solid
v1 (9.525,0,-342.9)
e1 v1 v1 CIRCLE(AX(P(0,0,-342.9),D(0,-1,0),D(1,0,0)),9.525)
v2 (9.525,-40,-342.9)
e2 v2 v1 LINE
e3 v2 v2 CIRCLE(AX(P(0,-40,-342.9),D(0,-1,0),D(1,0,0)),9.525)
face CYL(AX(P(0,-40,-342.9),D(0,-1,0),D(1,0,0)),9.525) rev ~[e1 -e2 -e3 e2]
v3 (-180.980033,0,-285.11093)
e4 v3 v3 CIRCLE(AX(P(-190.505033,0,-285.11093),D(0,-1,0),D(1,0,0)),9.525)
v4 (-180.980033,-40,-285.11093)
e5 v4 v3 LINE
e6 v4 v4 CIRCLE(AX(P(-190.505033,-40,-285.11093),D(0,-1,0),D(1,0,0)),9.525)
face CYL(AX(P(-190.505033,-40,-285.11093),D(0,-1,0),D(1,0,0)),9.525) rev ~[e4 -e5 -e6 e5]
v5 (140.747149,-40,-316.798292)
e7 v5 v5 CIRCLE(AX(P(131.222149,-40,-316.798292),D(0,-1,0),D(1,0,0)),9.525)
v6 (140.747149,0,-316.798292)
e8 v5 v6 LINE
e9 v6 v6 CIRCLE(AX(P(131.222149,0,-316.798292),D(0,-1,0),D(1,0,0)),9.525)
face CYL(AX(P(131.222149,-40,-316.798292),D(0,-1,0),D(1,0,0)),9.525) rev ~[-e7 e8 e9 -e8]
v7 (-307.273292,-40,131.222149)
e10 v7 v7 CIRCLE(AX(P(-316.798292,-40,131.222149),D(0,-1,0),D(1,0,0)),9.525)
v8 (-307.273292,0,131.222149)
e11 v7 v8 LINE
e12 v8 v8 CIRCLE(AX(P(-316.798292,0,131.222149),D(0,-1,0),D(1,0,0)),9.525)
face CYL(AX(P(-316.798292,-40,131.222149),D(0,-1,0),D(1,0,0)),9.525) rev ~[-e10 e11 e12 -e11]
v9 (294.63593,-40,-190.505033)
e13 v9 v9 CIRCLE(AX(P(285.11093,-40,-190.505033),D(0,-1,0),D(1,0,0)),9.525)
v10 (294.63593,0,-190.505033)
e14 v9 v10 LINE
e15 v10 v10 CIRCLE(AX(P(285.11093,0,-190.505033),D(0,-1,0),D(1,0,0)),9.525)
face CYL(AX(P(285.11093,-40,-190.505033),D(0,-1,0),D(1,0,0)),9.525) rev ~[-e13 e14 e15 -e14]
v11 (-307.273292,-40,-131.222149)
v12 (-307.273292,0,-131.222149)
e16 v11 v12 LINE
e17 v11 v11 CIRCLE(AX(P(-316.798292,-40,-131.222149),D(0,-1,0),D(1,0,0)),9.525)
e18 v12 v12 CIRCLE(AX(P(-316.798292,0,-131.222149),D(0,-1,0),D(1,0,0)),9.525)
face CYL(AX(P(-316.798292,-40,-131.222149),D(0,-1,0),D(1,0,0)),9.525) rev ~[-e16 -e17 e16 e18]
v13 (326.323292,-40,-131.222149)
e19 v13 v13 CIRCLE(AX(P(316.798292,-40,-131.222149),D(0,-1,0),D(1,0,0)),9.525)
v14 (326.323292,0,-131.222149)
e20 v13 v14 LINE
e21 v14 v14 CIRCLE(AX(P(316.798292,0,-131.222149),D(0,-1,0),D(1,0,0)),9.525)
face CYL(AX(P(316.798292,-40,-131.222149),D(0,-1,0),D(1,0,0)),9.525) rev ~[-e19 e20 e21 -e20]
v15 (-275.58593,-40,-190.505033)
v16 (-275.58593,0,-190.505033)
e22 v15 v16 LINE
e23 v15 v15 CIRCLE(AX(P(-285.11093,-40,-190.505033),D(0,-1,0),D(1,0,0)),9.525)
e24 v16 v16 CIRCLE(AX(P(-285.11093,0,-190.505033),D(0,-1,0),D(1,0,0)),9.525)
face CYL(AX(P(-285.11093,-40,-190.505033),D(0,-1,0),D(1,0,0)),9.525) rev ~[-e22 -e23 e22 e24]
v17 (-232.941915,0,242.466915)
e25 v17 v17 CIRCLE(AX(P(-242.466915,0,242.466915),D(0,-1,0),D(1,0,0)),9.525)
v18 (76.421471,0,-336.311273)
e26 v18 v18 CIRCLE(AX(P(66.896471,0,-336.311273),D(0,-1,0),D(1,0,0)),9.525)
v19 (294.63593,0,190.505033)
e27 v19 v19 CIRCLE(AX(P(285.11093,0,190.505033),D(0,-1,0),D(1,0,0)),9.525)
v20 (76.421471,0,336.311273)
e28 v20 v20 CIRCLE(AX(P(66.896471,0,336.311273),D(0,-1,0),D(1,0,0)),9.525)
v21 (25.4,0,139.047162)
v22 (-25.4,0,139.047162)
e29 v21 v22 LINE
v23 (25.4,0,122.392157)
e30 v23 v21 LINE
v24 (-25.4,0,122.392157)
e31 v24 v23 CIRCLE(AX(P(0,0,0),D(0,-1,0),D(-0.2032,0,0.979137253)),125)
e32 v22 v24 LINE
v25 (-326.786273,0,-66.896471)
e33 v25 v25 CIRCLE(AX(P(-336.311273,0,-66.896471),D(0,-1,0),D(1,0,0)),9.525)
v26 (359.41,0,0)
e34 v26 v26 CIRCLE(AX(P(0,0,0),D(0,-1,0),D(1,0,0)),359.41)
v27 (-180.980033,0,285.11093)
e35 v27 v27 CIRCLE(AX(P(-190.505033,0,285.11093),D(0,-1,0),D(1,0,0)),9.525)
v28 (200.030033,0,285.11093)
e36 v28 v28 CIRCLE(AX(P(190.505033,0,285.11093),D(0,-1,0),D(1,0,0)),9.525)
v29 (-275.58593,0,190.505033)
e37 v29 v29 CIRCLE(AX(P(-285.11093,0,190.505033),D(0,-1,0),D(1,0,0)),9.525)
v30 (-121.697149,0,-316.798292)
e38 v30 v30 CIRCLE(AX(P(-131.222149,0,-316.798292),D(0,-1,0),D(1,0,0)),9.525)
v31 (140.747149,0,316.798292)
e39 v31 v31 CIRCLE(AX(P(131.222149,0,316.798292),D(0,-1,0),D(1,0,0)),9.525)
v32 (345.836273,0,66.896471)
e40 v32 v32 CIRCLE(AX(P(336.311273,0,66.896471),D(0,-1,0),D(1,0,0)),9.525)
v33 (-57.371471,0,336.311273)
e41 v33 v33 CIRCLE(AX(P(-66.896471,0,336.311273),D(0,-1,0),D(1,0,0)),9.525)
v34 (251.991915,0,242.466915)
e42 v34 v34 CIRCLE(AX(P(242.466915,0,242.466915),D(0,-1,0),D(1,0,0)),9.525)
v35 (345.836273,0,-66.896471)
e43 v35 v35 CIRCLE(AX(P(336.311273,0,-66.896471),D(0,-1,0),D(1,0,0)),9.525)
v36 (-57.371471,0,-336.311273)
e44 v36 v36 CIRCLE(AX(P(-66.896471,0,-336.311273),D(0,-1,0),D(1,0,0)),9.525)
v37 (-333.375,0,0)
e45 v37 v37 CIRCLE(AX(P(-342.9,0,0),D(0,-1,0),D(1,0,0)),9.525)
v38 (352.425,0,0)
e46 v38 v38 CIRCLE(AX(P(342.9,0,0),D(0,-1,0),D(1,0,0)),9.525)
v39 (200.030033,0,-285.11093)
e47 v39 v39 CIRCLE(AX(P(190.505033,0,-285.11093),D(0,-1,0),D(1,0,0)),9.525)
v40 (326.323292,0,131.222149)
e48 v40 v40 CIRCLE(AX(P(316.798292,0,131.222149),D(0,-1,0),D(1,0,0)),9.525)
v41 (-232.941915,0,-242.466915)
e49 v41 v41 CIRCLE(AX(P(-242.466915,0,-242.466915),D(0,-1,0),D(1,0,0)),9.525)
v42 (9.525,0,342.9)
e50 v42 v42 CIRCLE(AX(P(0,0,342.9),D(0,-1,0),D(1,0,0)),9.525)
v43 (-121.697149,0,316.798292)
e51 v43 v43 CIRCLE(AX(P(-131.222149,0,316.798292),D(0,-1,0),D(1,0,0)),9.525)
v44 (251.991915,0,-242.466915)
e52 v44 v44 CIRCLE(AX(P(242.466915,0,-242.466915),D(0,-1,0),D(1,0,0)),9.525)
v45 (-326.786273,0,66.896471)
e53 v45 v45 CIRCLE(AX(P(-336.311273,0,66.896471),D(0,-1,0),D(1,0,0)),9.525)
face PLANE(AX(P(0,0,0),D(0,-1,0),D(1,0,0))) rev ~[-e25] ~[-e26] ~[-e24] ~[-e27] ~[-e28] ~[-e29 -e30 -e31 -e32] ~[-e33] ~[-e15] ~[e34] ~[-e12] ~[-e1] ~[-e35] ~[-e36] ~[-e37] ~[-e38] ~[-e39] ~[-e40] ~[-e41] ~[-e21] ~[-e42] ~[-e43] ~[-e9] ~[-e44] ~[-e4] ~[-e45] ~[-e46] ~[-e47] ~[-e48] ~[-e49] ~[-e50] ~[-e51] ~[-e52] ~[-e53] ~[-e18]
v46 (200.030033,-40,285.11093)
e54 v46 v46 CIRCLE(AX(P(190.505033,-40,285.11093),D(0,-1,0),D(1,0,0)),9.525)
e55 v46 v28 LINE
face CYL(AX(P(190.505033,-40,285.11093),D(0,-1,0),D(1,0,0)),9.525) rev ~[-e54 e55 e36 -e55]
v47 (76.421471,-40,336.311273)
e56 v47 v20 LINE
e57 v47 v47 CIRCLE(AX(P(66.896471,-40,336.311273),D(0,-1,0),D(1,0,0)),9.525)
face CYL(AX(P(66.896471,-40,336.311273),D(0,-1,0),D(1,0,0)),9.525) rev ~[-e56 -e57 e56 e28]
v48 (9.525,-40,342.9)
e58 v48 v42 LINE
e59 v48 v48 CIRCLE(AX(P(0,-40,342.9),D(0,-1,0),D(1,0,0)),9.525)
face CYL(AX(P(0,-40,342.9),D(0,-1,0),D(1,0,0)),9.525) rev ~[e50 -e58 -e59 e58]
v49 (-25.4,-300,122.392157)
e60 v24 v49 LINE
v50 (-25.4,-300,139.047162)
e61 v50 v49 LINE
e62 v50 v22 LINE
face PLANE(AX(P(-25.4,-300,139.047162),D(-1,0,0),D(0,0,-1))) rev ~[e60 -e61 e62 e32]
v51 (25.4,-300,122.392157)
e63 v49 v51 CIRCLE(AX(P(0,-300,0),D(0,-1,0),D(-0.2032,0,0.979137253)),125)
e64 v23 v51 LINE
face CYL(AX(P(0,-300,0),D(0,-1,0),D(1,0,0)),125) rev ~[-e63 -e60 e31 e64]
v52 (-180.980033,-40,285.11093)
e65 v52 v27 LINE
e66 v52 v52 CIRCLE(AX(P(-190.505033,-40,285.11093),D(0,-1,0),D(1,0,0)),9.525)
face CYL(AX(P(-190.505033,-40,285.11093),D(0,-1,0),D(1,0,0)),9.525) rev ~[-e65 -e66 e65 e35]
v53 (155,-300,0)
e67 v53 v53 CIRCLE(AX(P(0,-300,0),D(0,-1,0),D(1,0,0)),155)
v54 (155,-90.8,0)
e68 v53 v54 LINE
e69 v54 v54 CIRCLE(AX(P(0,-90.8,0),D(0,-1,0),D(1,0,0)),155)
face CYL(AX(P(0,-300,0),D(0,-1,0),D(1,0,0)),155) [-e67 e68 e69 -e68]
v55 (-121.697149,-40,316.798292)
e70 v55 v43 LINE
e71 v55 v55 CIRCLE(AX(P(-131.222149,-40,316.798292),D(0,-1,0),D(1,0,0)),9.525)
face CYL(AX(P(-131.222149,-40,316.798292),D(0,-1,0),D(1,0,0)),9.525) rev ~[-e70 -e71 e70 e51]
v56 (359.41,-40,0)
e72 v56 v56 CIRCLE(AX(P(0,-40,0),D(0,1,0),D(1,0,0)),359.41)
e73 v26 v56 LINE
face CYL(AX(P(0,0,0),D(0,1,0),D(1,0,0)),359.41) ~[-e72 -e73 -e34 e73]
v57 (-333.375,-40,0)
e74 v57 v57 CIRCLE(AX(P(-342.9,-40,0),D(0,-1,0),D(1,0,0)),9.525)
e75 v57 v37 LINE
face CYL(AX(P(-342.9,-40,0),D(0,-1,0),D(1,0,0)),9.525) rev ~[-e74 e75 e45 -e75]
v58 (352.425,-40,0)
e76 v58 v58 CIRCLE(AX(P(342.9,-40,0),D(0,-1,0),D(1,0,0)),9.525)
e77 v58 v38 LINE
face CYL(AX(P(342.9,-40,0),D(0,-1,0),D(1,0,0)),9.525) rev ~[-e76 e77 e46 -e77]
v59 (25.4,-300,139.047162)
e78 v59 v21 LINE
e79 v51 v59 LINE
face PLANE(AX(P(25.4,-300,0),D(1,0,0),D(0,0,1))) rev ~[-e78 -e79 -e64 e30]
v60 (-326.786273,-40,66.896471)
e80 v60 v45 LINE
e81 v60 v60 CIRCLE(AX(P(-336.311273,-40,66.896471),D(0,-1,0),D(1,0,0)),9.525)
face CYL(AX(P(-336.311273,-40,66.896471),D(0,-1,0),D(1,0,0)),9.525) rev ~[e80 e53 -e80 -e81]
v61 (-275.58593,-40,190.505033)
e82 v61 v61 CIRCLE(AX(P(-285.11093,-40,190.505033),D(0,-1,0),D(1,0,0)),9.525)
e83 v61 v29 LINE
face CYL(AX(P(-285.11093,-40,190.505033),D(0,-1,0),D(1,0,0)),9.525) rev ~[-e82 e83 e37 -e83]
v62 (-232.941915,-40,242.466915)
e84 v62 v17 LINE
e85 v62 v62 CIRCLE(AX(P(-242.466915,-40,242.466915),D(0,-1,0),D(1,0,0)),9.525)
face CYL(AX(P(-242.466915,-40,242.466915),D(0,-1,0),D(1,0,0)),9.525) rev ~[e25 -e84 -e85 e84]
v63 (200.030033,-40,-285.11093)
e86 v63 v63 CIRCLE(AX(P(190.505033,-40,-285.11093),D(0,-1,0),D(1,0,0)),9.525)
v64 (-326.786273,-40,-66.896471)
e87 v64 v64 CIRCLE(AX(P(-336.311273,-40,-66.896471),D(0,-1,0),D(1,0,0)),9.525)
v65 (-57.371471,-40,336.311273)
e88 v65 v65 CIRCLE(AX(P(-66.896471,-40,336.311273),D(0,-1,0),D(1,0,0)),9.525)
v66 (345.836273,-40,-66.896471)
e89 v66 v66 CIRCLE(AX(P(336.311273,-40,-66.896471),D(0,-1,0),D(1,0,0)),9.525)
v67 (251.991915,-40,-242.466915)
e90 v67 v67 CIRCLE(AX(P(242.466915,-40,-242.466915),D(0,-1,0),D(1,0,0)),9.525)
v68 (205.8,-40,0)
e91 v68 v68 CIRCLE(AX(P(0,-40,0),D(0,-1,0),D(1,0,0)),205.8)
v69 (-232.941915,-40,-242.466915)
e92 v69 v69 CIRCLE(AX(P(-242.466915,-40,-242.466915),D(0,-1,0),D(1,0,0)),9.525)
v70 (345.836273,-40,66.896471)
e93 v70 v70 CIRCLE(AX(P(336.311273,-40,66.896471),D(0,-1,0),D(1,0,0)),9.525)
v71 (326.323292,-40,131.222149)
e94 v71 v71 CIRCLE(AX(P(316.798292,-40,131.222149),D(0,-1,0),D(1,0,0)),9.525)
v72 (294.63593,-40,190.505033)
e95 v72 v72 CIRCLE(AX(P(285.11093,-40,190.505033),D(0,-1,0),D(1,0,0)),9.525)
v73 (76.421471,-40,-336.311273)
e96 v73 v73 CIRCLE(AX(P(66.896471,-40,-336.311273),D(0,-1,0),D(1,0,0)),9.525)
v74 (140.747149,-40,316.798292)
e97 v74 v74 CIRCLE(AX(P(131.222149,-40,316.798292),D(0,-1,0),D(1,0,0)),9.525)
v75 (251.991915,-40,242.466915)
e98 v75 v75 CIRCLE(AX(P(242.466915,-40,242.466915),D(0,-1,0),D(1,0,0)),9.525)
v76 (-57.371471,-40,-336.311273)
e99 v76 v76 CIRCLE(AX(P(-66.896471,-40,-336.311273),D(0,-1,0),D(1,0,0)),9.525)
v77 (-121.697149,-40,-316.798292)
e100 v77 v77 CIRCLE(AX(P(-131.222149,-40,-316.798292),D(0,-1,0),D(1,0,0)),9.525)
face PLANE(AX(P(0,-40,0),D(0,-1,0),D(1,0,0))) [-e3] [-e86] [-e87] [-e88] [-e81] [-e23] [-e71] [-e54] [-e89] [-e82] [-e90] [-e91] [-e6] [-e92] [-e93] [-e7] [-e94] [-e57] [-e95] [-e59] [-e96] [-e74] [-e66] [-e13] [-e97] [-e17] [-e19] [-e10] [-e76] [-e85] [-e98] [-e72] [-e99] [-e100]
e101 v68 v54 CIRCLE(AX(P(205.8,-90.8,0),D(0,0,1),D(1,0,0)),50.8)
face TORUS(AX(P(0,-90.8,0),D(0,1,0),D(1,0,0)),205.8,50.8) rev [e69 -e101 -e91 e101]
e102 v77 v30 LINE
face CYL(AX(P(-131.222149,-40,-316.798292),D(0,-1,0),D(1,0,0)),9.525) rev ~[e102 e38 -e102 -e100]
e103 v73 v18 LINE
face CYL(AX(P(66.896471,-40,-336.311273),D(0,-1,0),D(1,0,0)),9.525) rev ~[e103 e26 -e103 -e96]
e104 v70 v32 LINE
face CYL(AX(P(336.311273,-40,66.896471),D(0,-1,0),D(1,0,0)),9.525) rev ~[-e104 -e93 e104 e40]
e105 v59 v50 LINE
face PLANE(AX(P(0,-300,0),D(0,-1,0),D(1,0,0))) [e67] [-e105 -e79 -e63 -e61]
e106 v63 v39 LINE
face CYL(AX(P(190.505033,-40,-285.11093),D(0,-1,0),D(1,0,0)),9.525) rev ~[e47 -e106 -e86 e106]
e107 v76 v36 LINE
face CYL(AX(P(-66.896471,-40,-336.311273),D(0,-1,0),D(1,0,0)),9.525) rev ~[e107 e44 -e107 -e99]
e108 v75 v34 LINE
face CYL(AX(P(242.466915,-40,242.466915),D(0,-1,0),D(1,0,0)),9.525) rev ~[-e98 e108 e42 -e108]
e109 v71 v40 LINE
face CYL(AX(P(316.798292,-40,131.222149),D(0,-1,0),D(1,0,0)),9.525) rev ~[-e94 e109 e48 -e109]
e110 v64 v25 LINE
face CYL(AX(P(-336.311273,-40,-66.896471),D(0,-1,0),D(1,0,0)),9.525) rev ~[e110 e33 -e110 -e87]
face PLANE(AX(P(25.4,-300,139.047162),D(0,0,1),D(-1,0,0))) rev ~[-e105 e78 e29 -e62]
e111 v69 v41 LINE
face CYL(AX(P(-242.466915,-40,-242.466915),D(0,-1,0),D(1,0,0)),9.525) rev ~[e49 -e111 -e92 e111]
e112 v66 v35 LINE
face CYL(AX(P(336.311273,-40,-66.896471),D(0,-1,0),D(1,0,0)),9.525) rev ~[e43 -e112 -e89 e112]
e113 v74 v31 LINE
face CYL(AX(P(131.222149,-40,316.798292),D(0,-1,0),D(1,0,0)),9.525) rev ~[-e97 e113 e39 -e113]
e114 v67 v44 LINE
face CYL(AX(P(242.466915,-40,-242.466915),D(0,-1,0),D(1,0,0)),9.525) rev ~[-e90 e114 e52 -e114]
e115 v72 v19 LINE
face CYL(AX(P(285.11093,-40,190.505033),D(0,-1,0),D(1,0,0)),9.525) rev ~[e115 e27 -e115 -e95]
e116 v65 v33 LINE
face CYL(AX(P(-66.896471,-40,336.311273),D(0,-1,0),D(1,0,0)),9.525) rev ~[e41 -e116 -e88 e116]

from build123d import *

# Parameters (mm, degrees)
F0_R      = 359.41
F1_DEPTH  = 300
F2_R      = 504.3357911894
F2_R_2    = 155
F3_DEPTH  = 260
F4_R      = 50.8
F5_R      = 125
F6_DEPTH  = 708.66
F7_R      = 9.525
F8_DEPTH  = 109.22
F10_DEPTH = 340.868


with BuildPart() as f1:
    # F0 (on Front) → F1 (new body)
    with BuildSketch(Plane.XZ):
        Circle(F0_R)
    extrude(amount=F1_DEPTH)

    # F2 (on face) → F3 (cut)
    with BuildSketch(Plane.XZ.offset(300)):
        Circle(F2_R)
        Circle(F2_R_2, mode=Mode.SUBTRACT)
    extrude(amount=-F3_DEPTH, mode=Mode.SUBTRACT)

    # F4
    f4_edges = [f1.edges().sort_by_distance(p)[0] for p in [
        (-155, -40, 0),
    ]]
    fillet(f4_edges, radius=F4_R)

    # F5 (on face) → F6 (cut)
    with BuildSketch(Plane.XZ.offset(300)):
        Circle(F5_R)
    extrude(amount=-F6_DEPTH, mode=Mode.SUBTRACT)

    # F7 (on face) → F8 (cut)
    with BuildSketch(Plane.XZ.offset(40)):
        with Locations((0, 342.9)):
            Circle(F7_R)
        with Locations((-66.8964714193, 336.3112726503)):
            Circle(F7_R)
        with Locations((-131.222148958, 316.7982916981)):
            Circle(F7_R)
        with Locations((-190.5050329024, 285.1109300585)):
            Circle(F7_R)
        with Locations((-242.4669152689, 242.4669152689)):
            Circle(F7_R)
        with Locations((-285.1109300585, 190.5050329024)):
            Circle(F7_R)
        with Locations((-316.7982916981, 131.222148958)):
            Circle(F7_R)
        with Locations((-336.3112726503, 66.8964714193)):
            Circle(F7_R)
        with Locations((-342.9, 0)):
            Circle(F7_R)
        with Locations((-336.3112726503, -66.8964714193)):
            Circle(F7_R)
        with Locations((-316.7982916981, -131.222148958)):
            Circle(F7_R)
        with Locations((-285.1109300585, -190.5050329024)):
            Circle(F7_R)
        with Locations((-242.4669152689, -242.4669152689)):
            Circle(F7_R)
        with Locations((-190.5050329024, -285.1109300585)):
            Circle(F7_R)
        with Locations((-131.222148958, -316.7982916981)):
            Circle(F7_R)
        with Locations((-66.8964714193, -336.3112726503)):
            Circle(F7_R)
        with Locations((0, -342.9)):
            Circle(F7_R)
        with Locations((66.8964714193, -336.3112726503)):
            Circle(F7_R)
        with Locations((131.222148958, -316.7982916981)):
            Circle(F7_R)
        with Locations((190.5050329024, -285.1109300585)):
            Circle(F7_R)
        with Locations((242.4669152689, -242.4669152689)):
            Circle(F7_R)
        with Locations((285.1109300585, -190.5050329024)):
            Circle(F7_R)
        with Locations((316.7982916981, -131.222148958)):
            Circle(F7_R)
        with Locations((336.3112726503, -66.8964714193)):
            Circle(F7_R)
        with Locations((342.9, 0)):
            Circle(F7_R)
        with Locations((336.3112726503, 66.8964714193)):
            Circle(F7_R)
        with Locations((316.7982916981, 131.222148958)):
            Circle(F7_R)
        with Locations((285.1109300585, 190.5050329024)):
            Circle(F7_R)
        with Locations((242.4669152689, 242.4669152689)):
            Circle(F7_R)
        with Locations((190.5050329024, 285.1109300585)):
            Circle(F7_R)
        with Locations((131.222148958, 316.7982916981)):
            Circle(F7_R)
        with Locations((66.8964714193, 336.3112726503)):
            Circle(F7_R)
    extrude(amount=-F8_DEPTH, mode=Mode.SUBTRACT)

    # F9 (on face) → F10 (cut)
    with BuildSketch(Plane.XZ.offset(300)):
        with BuildLine():
            Line((0, 125), (0, 0))
            Line((0, 0), (25.4, 0))
            Line((25.4, 0), (25.4, 122.3921566114))
            ThreePointArc((25.4, 122.3921566114), (12.766761993, 124.3463300151), (0, 125))
        make_face()
        with BuildLine():
            ThreePointArc((-25.4, 122.3921566114), (-12.766761993, 124.3463300151), (0, 125))
            Line((0, 125), (0, 139.0471624903))
            Line((0, 139.0471624903), (-25.4, 139.0471624903))
            Line((-25.4, 139.0471624903), (-25.4, 122.3921566114))
        make_face()
        with BuildLine():
            Line((-25.4, 0), (0, 0))
            Line((0, 0), (0, 125))
            ThreePointArc((0, 125), (-12.766761993, 124.3463300151), (-25.4, 122.3921566114))
            Line((-25.4, 122.3921566114), (-25.4, 0))
        make_face()
        with BuildLine():
            Line((0, 139.0471624903), (0, 125))
            ThreePointArc((0, 125), (12.766761993, 124.3463300151), (25.4, 122.3921566114))
            Line((25.4, 122.3921566114), (25.4, 139.0471624903))
            Line((25.4, 139.0471624903), (0, 139.0471624903))
        make_face()
    extrude(amount=-F10_DEPTH, mode=Mode.SUBTRACT)


solid = f1.part
